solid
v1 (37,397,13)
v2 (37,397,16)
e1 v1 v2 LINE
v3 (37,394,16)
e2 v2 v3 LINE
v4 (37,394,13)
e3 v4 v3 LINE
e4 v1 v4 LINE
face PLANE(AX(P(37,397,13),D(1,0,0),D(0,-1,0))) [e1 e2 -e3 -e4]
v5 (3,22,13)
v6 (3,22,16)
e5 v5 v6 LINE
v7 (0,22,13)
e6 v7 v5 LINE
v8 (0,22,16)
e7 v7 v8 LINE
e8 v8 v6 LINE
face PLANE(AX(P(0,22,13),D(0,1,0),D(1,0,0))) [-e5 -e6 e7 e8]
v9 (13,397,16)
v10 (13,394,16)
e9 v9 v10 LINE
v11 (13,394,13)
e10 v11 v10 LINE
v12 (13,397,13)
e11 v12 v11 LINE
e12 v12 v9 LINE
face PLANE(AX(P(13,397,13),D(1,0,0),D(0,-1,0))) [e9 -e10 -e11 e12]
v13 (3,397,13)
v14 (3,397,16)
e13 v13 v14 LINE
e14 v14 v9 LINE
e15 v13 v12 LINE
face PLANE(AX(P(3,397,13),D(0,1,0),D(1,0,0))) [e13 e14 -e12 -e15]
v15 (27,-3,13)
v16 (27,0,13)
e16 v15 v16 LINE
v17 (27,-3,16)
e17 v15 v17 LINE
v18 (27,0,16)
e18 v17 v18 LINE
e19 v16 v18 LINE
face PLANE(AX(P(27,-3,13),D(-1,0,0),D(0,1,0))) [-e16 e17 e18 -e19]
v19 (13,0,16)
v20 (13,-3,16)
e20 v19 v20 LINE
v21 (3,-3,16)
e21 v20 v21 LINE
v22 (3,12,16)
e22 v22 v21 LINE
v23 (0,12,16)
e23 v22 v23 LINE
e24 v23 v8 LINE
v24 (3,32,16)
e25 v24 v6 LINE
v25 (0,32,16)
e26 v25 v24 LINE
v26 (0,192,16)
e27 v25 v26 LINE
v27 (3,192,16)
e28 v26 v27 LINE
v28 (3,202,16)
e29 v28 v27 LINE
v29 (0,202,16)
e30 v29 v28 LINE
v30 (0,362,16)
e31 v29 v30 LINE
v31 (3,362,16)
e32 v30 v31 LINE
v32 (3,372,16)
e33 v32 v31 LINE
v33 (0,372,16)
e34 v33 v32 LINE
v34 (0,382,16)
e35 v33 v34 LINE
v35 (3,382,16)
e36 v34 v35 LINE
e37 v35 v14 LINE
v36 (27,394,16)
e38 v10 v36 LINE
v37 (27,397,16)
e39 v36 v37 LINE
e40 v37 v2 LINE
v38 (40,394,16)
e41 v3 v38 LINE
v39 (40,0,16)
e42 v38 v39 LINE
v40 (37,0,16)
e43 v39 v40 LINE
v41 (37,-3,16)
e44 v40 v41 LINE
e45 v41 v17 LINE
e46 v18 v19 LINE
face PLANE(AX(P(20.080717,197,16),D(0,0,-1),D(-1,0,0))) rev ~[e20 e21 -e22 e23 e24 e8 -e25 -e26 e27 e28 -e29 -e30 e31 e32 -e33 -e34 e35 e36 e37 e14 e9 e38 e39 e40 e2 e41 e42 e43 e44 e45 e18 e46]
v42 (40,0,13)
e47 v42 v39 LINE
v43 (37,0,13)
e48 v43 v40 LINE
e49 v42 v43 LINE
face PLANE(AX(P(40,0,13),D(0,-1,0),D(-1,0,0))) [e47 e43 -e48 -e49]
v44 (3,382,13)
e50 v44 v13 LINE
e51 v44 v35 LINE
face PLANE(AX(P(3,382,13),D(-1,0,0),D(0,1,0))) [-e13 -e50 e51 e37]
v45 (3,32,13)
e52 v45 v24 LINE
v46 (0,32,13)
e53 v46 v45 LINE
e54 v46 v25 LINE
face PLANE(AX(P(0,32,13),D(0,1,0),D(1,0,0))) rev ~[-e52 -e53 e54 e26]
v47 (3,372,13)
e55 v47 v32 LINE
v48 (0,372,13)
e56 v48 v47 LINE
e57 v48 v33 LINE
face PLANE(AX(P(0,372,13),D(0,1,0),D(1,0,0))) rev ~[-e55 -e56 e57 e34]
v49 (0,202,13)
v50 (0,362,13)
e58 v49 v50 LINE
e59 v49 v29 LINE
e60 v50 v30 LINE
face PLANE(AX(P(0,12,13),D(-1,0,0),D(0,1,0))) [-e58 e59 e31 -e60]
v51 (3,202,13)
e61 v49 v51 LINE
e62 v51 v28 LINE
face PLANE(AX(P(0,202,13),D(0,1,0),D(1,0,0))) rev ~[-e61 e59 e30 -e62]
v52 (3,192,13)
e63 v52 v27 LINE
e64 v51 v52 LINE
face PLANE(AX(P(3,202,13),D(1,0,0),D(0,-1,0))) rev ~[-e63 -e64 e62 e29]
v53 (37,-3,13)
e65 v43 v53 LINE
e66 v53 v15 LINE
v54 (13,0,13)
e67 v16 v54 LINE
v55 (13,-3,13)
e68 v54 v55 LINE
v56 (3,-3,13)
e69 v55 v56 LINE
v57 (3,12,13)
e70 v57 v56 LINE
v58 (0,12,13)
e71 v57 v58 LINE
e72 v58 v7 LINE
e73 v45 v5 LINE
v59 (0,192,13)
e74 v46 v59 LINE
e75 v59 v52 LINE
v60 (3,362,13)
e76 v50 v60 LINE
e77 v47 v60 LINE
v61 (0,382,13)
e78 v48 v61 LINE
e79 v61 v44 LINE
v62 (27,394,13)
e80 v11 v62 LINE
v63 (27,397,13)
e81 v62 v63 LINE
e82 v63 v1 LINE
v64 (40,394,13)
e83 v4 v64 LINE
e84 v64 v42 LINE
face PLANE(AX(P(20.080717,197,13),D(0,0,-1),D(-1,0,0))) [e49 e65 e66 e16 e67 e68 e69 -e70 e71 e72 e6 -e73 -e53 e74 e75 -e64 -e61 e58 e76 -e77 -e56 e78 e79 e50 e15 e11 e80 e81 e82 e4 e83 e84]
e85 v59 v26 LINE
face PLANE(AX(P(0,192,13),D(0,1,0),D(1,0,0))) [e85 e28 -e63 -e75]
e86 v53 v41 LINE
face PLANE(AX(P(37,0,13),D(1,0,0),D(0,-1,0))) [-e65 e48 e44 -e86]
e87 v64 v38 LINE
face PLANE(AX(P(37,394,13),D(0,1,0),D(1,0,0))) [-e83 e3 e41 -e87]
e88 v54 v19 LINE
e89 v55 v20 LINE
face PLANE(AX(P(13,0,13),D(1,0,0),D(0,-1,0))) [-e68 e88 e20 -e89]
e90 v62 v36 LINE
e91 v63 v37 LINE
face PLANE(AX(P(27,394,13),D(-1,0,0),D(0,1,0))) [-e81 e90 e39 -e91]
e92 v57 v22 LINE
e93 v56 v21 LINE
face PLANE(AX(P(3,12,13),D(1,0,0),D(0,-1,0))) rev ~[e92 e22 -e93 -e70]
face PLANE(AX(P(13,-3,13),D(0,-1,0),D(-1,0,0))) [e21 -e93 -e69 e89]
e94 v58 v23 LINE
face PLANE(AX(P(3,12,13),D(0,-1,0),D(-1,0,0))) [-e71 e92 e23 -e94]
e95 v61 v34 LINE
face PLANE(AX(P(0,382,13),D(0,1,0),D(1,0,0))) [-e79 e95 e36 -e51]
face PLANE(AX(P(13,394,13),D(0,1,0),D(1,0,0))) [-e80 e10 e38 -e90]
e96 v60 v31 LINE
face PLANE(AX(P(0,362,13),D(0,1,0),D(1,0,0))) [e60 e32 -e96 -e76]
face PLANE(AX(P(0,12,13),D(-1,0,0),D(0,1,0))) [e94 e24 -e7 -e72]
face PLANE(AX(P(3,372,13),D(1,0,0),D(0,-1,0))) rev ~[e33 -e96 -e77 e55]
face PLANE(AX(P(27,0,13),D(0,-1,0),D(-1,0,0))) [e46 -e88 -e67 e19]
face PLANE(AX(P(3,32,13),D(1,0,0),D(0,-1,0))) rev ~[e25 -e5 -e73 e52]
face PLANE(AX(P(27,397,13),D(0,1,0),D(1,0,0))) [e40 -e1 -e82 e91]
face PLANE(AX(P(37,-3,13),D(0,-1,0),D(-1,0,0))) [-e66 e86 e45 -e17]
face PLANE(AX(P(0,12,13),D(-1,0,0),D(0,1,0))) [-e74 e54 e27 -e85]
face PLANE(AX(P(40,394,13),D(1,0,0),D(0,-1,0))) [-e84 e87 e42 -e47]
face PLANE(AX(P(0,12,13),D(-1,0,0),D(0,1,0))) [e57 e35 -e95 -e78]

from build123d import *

# Parameters (mm, degrees)
PAD004_DEPTH           = 3
SKETCH007_W            = 3
SKETCH007_H            = 10
POCKET002_DEPTH        = 3
LINEARPATTERN002_COUNT = 3
LINEARPATTERN002_PITCH = 170


with BuildPart() as part:
    # Sketch006 → Pad004 (new body)
    with BuildSketch(Plane.XY):
        Polygon((40, 0), (37, 0), (37, -3), (27, -3), (27, 0), (13, 0), (13, -3), (3, -3), (3, 0), (3, 12), (0, 12), (0, 382), (3, 382), (3, 397), (13, 397), (13, 394), (27, 394), (27, 397), (37, 397), (37, 394), (40, 394), align=None)
    extrude(amount=PAD004_DEPTH)

    # Sketch007 → Pocket002 (cut)
    with BuildSketch(Plane(origin=(0, 0, 0), x_dir=(1, 0, 0), z_dir=(0, 0, -1))):
        with Locations((1.5, -27)):
            Rectangle(SKETCH007_W, SKETCH007_H)
    pocket002 = extrude(amount=-POCKET002_DEPTH, mode=Mode.SUBTRACT)

    # LinearPattern002: Pocket002 ×3
    with Locations(*[(0, i * LINEARPATTERN002_PITCH, 0) for i in range(1, LINEARPATTERN002_COUNT)]):
        add(pocket002, mode=Mode.SUBTRACT)


with BuildPart() as part_1:
    # Body004 placement: moved
    add(part.part.moved(Location((0, 0, 13))))


solid = part_1.part
